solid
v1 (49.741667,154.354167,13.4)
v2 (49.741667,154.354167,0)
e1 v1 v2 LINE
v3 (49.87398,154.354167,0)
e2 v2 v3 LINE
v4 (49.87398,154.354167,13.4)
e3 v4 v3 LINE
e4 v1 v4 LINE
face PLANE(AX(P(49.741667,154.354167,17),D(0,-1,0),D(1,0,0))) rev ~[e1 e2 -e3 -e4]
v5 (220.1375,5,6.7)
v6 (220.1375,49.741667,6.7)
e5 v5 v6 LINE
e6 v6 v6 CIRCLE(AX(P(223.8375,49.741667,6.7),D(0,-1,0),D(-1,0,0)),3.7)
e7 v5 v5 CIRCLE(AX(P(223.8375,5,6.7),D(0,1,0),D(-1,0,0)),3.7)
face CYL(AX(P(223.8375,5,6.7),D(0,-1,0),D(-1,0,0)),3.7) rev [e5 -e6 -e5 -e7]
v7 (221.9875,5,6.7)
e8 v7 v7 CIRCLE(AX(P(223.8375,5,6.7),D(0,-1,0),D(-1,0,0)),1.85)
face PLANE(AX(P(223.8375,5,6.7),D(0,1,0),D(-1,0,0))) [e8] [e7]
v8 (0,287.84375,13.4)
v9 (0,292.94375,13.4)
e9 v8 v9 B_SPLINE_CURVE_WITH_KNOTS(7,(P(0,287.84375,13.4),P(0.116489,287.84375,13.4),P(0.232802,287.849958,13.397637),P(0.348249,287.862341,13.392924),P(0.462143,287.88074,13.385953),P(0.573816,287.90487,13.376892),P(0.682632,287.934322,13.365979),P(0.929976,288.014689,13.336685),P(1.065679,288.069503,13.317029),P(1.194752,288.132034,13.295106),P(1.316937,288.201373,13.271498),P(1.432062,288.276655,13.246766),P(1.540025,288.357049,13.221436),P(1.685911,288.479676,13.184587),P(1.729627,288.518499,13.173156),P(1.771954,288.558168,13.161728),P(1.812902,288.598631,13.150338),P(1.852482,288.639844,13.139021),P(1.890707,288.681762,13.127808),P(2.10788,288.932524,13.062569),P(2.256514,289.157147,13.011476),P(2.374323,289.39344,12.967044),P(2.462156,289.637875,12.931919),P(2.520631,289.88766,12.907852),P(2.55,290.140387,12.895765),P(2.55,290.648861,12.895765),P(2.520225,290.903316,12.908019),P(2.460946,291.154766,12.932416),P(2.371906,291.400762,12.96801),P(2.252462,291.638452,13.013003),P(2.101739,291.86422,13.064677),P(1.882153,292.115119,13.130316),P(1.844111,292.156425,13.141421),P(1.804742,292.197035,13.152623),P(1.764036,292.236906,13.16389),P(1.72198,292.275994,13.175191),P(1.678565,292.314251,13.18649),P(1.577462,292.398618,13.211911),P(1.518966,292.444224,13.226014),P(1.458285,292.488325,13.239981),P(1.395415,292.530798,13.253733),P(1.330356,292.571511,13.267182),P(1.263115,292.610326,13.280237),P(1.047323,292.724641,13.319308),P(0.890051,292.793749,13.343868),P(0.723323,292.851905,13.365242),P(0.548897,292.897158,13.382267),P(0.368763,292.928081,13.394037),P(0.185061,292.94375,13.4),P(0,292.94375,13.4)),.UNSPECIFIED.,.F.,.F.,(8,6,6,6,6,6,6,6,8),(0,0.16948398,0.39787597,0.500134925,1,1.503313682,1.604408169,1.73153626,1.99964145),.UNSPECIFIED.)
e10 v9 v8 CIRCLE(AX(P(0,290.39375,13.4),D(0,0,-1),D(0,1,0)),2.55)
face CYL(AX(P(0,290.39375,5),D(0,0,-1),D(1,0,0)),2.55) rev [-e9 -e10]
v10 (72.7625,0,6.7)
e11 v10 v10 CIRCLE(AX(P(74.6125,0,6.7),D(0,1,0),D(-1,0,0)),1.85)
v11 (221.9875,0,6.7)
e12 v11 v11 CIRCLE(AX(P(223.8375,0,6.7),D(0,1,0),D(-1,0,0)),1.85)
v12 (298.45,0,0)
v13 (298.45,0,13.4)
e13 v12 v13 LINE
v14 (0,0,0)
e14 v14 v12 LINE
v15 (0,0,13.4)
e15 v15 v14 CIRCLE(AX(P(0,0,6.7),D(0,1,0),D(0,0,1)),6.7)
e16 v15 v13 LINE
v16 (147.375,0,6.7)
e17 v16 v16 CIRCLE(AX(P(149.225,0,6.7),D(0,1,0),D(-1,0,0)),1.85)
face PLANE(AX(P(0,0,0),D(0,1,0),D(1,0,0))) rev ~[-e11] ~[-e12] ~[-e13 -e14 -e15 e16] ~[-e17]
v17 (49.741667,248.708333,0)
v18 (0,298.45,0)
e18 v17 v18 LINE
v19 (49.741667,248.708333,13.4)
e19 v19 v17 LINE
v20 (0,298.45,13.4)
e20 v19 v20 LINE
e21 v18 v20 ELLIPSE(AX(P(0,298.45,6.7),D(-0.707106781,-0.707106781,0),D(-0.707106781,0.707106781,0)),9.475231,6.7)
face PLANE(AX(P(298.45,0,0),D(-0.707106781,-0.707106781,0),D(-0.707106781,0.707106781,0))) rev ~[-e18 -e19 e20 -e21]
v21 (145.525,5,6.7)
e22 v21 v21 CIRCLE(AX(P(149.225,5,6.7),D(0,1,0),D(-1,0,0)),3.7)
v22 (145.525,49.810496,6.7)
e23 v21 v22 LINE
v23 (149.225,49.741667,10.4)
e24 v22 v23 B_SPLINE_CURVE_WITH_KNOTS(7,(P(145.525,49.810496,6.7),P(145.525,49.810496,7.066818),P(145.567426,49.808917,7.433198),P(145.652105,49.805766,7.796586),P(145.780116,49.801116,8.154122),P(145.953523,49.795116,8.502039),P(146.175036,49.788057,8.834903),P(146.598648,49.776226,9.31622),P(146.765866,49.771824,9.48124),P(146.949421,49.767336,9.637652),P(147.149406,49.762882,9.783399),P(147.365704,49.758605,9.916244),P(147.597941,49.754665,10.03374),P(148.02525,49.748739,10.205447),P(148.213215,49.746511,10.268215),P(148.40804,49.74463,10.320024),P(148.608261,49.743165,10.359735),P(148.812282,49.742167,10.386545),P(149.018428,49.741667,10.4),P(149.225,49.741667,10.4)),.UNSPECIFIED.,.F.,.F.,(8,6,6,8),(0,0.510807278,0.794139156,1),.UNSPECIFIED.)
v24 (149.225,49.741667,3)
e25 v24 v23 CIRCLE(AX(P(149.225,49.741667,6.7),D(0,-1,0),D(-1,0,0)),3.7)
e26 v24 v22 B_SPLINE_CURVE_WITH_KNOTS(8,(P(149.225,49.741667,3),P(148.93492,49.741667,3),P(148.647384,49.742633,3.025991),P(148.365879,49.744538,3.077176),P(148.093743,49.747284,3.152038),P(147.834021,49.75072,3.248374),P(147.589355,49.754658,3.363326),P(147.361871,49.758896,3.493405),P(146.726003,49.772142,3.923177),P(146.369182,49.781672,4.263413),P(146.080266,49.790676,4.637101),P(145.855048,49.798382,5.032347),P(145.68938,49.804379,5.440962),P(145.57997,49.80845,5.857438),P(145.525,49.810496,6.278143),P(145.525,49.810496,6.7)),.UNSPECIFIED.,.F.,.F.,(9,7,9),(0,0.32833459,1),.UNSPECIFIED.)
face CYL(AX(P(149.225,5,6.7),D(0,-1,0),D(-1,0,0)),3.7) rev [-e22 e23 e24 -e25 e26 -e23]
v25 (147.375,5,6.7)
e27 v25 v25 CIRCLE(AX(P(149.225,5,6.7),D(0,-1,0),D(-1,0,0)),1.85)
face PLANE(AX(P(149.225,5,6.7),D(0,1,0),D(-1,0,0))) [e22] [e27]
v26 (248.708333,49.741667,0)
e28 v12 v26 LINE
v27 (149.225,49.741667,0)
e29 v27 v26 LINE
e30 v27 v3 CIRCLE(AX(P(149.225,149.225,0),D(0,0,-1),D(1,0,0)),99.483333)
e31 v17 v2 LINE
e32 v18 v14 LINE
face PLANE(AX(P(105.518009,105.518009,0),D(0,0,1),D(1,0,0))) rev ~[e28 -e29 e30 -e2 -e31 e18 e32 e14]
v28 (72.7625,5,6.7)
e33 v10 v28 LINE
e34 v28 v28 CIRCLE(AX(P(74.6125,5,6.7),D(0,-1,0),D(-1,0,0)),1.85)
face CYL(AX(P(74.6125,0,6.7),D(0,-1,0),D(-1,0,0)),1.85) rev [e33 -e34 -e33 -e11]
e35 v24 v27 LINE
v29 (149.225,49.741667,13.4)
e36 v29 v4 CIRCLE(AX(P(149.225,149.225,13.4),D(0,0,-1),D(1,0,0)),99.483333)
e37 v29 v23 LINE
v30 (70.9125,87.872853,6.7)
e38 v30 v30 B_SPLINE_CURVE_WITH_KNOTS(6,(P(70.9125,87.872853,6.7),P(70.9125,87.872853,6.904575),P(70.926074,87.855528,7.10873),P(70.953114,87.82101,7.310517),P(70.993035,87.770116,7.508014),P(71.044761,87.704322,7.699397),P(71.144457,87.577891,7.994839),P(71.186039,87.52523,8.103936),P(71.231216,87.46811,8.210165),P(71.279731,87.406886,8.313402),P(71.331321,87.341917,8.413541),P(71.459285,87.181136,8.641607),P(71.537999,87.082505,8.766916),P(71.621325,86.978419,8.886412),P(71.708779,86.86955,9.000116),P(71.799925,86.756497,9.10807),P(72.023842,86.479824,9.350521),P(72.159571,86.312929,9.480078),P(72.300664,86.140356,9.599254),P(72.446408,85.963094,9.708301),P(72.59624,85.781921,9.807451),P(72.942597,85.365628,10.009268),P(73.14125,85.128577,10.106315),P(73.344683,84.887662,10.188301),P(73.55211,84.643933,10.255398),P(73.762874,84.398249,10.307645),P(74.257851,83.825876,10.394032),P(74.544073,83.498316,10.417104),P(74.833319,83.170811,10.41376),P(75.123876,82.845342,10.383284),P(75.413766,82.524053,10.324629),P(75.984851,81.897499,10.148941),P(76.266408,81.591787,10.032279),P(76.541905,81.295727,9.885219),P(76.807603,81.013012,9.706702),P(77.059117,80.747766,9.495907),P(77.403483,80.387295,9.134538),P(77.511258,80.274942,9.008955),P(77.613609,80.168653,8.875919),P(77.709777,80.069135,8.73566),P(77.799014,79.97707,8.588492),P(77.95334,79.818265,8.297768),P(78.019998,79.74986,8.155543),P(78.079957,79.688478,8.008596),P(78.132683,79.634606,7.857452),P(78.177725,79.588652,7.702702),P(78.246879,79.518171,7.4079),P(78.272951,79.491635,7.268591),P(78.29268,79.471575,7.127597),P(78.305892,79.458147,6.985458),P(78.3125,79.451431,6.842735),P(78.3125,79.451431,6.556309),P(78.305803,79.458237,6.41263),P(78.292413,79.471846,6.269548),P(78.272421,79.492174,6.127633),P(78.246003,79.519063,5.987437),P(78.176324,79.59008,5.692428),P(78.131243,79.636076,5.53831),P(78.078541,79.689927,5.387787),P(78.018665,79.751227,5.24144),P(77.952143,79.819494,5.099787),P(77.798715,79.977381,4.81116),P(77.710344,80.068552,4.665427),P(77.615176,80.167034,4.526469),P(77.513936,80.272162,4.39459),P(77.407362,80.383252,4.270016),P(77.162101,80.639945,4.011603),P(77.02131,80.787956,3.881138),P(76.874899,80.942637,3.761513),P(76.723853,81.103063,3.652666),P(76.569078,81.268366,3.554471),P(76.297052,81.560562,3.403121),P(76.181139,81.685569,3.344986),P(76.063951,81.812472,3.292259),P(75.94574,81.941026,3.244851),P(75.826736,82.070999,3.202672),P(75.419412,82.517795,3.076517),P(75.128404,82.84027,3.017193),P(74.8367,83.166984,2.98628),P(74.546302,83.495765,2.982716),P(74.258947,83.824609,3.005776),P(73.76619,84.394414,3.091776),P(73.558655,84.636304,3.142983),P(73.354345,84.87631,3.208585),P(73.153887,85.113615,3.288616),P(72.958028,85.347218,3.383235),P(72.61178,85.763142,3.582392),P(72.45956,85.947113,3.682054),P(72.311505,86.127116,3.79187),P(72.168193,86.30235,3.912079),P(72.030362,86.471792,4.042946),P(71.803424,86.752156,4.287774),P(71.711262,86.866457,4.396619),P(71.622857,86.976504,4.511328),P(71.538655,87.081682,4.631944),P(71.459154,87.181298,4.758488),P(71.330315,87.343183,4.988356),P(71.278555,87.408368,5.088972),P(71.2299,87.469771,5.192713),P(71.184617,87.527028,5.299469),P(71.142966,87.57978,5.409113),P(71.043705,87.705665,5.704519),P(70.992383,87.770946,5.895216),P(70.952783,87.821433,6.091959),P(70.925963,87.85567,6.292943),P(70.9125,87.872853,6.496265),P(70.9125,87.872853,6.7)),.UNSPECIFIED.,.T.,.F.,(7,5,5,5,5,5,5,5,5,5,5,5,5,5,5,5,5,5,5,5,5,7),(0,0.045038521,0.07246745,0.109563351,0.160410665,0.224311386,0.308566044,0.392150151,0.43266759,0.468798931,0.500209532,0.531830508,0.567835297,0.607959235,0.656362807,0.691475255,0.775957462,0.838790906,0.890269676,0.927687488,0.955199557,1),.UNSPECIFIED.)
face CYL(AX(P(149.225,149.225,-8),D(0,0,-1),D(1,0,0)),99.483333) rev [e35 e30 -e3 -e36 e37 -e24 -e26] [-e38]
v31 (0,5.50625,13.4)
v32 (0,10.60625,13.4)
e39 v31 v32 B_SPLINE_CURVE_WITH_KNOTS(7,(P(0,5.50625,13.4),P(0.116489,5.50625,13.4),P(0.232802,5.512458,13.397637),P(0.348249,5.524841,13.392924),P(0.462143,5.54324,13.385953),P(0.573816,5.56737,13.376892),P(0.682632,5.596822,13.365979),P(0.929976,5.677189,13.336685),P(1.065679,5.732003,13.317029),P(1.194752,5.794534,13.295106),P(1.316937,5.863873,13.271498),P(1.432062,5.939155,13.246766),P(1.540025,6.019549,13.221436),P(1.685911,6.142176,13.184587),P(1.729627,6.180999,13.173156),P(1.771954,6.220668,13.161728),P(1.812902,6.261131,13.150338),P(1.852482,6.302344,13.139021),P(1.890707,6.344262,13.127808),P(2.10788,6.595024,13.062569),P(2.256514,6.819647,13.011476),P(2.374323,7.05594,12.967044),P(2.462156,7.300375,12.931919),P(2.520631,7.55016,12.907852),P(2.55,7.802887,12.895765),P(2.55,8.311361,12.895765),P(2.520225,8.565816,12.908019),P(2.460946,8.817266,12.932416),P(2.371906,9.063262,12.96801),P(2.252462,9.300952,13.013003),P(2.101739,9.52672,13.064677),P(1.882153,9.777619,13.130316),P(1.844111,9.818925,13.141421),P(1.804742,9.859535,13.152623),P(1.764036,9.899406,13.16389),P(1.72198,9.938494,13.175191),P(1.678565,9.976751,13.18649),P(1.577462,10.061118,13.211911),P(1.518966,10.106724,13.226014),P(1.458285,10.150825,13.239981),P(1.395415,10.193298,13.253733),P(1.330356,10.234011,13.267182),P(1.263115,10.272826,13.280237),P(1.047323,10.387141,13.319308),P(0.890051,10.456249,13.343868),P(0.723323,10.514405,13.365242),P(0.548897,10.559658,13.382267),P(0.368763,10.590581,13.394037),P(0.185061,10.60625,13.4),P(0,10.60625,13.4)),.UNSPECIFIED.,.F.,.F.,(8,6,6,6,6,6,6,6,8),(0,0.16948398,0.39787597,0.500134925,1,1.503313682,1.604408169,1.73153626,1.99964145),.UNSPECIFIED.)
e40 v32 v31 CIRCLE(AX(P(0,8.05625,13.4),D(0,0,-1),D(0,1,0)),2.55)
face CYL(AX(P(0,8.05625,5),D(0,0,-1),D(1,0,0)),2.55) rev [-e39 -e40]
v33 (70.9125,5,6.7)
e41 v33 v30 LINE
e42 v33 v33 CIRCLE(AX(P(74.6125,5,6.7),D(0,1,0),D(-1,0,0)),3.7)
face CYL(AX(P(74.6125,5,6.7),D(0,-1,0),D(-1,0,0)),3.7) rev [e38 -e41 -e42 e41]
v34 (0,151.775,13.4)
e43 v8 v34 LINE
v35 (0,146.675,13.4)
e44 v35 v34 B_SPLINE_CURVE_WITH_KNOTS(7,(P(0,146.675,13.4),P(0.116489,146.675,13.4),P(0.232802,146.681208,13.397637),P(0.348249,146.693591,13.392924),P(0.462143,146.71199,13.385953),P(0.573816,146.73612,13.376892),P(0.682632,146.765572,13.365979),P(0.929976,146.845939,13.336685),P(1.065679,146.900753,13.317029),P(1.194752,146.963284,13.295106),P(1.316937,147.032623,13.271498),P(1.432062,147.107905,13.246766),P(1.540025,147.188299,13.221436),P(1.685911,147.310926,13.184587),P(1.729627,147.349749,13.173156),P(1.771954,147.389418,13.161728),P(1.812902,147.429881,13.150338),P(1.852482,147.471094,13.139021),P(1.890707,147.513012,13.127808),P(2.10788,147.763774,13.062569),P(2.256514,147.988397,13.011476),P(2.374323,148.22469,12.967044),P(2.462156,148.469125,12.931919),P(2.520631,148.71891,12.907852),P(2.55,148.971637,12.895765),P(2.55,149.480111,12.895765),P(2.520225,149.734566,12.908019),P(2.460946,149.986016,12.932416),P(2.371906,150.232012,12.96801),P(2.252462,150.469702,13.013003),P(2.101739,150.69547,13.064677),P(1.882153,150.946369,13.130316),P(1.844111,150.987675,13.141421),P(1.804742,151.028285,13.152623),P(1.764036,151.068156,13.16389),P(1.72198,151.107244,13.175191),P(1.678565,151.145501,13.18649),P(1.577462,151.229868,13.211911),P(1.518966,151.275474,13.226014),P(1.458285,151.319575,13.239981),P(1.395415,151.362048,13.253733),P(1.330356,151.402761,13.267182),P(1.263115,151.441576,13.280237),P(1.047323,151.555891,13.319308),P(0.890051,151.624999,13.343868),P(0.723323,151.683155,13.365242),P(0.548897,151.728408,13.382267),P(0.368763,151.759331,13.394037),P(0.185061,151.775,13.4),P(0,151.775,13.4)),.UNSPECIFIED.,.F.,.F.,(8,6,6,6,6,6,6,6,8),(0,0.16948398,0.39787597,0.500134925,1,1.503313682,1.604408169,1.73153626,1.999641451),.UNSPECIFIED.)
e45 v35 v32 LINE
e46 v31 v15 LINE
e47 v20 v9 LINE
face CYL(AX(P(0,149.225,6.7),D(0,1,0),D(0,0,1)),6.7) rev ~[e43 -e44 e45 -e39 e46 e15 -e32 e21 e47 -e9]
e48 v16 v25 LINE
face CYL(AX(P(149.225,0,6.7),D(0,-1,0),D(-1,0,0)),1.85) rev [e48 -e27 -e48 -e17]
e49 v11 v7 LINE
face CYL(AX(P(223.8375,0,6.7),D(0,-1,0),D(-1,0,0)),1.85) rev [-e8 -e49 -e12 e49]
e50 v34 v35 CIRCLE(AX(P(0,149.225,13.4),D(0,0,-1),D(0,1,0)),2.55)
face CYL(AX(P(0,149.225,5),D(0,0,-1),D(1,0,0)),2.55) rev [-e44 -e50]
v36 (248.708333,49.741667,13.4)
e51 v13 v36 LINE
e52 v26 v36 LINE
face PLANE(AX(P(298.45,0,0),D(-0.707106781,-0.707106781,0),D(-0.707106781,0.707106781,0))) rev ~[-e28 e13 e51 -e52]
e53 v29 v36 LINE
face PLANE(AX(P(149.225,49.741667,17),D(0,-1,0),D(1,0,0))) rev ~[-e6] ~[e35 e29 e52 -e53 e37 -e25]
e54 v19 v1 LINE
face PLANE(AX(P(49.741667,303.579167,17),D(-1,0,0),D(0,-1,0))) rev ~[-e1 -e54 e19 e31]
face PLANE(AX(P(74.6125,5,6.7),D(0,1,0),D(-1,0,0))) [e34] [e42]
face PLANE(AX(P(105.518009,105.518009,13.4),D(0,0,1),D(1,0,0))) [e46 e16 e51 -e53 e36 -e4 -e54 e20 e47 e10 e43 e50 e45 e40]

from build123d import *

# Parameters (mm, degrees)
PAD004_DEPTH           = 13.4
CYLINDER005_W          = 6.7
CYLINDER005_H          = 298.45
CYLINDER005_ANGLE      = 180
CYLINDER006_R          = 99.483333
CYLINDER006_DEPTH      = 32
BOX002_W               = 149.225
BOX002_H               = 30
BOX002_DEPTH           = 21
BOX003_W               = 33
BOX003_H               = 149.225
BOX003_DEPTH           = 22
CYLINDER007_R          = 3.7
CYLINDER007_DEPTH      = 105
LINEARPATTERN003_COUNT = 3
LINEARPATTERN003_PITCH = 74.6125
CYLINDER008_R          = 1.85
CYLINDER008_DEPTH      = 100
LINEARPATTERN004_COUNT = 3
LINEARPATTERN004_PITCH = 74.6125
CYLINDER009_R          = 2.55
CYLINDER009_DEPTH      = 10
LINEARPATTERN005_COUNT = 3
LINEARPATTERN005_PITCH = 141.16875


with BuildPart() as part:
    # Sketch004 → Pad004 (new body)
    with BuildSketch(Plane.XY):
        Polygon((0, 0), (298.45, 0), (0, 298.45), align=None)
    extrude(amount=PAD004_DEPTH)

    # Cylinder005 → Cylinder005 (revolve, cut)
    with BuildSketch(Plane(origin=(0, 0, 6.7), x_dir=(0, 0, 1), z_dir=(-1, 0, 0))):
        with Locations((3.35, 149.225)):
            Rectangle(CYLINDER005_W, CYLINDER005_H)
    revolve(axis=Axis((0, 0, 6.7), (0, 1, 0)), revolution_arc=CYLINDER005_ANGLE, mode=Mode.SUBTRACT)

    # Cylinder006 → Cylinder006 (cut)
    with BuildSketch(Plane(origin=(149.225, 149.225, -8), x_dir=(1, 0, 0), z_dir=(0, 0, 1))):
        Circle(CYLINDER006_R)
    extrude(amount=CYLINDER006_DEPTH, mode=Mode.SUBTRACT)

    # Box002 → Box002 (cut)
    with BuildSketch(Plane(origin=(149.225, 79.741667, 17), x_dir=(1, 0, 0), z_dir=(0, 0, -1))):
        with Locations((74.6125, 15)):
            Rectangle(BOX002_W, BOX002_H)
    extrude(amount=BOX002_DEPTH, mode=Mode.SUBTRACT)

    # Box003 → Box003 (cut)
    with BuildSketch(Plane(origin=(49.741667, 303.579167, 17), x_dir=(1, 0, 0), z_dir=(0, 0, -1))):
        with Locations((16.5, 74.6125)):
            Rectangle(BOX003_W, BOX003_H)
    extrude(amount=BOX003_DEPTH, mode=Mode.SUBTRACT)

    # Cylinder007 → Cylinder007 (cut)
    with BuildSketch(Plane(origin=(74.6125, 5, 6.7), x_dir=(-1, 0, 0), z_dir=(0, 1, 0))):
        Circle(CYLINDER007_R)
    cylinder007 = extrude(amount=CYLINDER007_DEPTH, mode=Mode.SUBTRACT)

    # LinearPattern003: Cylinder007 ×3
    with Locations(*[(i * LINEARPATTERN003_PITCH, 0, 0) for i in range(1, LINEARPATTERN003_COUNT)]):
        add(cylinder007, mode=Mode.SUBTRACT)

    # Cylinder008 → Cylinder008 (cut)
    with BuildSketch(Plane(origin=(74.6125, 0, 6.7), x_dir=(-1, 0, 0), z_dir=(0, 1, 0))):
        Circle(CYLINDER008_R)
    cylinder008 = extrude(amount=CYLINDER008_DEPTH, mode=Mode.SUBTRACT)

    # LinearPattern004: Cylinder008 ×3
    with Locations(*[(i * LINEARPATTERN004_PITCH, 0, 0) for i in range(1, LINEARPATTERN004_COUNT)]):
        add(cylinder008, mode=Mode.SUBTRACT)

    # Cylinder009 → Cylinder009 (cut)
    with BuildSketch(Plane(origin=(0, 8.05625, 5), x_dir=(1, 0, 0), z_dir=(0, 0, 1))):
        Circle(CYLINDER009_R)
    cylinder009 = extrude(amount=CYLINDER009_DEPTH, mode=Mode.SUBTRACT)

    # LinearPattern005: Cylinder009 ×3
    with Locations(*[(0, i * LINEARPATTERN005_PITCH, 0) for i in range(1, LINEARPATTERN005_COUNT)]):
        add(cylinder009, mode=Mode.SUBTRACT)


solid = part.part
